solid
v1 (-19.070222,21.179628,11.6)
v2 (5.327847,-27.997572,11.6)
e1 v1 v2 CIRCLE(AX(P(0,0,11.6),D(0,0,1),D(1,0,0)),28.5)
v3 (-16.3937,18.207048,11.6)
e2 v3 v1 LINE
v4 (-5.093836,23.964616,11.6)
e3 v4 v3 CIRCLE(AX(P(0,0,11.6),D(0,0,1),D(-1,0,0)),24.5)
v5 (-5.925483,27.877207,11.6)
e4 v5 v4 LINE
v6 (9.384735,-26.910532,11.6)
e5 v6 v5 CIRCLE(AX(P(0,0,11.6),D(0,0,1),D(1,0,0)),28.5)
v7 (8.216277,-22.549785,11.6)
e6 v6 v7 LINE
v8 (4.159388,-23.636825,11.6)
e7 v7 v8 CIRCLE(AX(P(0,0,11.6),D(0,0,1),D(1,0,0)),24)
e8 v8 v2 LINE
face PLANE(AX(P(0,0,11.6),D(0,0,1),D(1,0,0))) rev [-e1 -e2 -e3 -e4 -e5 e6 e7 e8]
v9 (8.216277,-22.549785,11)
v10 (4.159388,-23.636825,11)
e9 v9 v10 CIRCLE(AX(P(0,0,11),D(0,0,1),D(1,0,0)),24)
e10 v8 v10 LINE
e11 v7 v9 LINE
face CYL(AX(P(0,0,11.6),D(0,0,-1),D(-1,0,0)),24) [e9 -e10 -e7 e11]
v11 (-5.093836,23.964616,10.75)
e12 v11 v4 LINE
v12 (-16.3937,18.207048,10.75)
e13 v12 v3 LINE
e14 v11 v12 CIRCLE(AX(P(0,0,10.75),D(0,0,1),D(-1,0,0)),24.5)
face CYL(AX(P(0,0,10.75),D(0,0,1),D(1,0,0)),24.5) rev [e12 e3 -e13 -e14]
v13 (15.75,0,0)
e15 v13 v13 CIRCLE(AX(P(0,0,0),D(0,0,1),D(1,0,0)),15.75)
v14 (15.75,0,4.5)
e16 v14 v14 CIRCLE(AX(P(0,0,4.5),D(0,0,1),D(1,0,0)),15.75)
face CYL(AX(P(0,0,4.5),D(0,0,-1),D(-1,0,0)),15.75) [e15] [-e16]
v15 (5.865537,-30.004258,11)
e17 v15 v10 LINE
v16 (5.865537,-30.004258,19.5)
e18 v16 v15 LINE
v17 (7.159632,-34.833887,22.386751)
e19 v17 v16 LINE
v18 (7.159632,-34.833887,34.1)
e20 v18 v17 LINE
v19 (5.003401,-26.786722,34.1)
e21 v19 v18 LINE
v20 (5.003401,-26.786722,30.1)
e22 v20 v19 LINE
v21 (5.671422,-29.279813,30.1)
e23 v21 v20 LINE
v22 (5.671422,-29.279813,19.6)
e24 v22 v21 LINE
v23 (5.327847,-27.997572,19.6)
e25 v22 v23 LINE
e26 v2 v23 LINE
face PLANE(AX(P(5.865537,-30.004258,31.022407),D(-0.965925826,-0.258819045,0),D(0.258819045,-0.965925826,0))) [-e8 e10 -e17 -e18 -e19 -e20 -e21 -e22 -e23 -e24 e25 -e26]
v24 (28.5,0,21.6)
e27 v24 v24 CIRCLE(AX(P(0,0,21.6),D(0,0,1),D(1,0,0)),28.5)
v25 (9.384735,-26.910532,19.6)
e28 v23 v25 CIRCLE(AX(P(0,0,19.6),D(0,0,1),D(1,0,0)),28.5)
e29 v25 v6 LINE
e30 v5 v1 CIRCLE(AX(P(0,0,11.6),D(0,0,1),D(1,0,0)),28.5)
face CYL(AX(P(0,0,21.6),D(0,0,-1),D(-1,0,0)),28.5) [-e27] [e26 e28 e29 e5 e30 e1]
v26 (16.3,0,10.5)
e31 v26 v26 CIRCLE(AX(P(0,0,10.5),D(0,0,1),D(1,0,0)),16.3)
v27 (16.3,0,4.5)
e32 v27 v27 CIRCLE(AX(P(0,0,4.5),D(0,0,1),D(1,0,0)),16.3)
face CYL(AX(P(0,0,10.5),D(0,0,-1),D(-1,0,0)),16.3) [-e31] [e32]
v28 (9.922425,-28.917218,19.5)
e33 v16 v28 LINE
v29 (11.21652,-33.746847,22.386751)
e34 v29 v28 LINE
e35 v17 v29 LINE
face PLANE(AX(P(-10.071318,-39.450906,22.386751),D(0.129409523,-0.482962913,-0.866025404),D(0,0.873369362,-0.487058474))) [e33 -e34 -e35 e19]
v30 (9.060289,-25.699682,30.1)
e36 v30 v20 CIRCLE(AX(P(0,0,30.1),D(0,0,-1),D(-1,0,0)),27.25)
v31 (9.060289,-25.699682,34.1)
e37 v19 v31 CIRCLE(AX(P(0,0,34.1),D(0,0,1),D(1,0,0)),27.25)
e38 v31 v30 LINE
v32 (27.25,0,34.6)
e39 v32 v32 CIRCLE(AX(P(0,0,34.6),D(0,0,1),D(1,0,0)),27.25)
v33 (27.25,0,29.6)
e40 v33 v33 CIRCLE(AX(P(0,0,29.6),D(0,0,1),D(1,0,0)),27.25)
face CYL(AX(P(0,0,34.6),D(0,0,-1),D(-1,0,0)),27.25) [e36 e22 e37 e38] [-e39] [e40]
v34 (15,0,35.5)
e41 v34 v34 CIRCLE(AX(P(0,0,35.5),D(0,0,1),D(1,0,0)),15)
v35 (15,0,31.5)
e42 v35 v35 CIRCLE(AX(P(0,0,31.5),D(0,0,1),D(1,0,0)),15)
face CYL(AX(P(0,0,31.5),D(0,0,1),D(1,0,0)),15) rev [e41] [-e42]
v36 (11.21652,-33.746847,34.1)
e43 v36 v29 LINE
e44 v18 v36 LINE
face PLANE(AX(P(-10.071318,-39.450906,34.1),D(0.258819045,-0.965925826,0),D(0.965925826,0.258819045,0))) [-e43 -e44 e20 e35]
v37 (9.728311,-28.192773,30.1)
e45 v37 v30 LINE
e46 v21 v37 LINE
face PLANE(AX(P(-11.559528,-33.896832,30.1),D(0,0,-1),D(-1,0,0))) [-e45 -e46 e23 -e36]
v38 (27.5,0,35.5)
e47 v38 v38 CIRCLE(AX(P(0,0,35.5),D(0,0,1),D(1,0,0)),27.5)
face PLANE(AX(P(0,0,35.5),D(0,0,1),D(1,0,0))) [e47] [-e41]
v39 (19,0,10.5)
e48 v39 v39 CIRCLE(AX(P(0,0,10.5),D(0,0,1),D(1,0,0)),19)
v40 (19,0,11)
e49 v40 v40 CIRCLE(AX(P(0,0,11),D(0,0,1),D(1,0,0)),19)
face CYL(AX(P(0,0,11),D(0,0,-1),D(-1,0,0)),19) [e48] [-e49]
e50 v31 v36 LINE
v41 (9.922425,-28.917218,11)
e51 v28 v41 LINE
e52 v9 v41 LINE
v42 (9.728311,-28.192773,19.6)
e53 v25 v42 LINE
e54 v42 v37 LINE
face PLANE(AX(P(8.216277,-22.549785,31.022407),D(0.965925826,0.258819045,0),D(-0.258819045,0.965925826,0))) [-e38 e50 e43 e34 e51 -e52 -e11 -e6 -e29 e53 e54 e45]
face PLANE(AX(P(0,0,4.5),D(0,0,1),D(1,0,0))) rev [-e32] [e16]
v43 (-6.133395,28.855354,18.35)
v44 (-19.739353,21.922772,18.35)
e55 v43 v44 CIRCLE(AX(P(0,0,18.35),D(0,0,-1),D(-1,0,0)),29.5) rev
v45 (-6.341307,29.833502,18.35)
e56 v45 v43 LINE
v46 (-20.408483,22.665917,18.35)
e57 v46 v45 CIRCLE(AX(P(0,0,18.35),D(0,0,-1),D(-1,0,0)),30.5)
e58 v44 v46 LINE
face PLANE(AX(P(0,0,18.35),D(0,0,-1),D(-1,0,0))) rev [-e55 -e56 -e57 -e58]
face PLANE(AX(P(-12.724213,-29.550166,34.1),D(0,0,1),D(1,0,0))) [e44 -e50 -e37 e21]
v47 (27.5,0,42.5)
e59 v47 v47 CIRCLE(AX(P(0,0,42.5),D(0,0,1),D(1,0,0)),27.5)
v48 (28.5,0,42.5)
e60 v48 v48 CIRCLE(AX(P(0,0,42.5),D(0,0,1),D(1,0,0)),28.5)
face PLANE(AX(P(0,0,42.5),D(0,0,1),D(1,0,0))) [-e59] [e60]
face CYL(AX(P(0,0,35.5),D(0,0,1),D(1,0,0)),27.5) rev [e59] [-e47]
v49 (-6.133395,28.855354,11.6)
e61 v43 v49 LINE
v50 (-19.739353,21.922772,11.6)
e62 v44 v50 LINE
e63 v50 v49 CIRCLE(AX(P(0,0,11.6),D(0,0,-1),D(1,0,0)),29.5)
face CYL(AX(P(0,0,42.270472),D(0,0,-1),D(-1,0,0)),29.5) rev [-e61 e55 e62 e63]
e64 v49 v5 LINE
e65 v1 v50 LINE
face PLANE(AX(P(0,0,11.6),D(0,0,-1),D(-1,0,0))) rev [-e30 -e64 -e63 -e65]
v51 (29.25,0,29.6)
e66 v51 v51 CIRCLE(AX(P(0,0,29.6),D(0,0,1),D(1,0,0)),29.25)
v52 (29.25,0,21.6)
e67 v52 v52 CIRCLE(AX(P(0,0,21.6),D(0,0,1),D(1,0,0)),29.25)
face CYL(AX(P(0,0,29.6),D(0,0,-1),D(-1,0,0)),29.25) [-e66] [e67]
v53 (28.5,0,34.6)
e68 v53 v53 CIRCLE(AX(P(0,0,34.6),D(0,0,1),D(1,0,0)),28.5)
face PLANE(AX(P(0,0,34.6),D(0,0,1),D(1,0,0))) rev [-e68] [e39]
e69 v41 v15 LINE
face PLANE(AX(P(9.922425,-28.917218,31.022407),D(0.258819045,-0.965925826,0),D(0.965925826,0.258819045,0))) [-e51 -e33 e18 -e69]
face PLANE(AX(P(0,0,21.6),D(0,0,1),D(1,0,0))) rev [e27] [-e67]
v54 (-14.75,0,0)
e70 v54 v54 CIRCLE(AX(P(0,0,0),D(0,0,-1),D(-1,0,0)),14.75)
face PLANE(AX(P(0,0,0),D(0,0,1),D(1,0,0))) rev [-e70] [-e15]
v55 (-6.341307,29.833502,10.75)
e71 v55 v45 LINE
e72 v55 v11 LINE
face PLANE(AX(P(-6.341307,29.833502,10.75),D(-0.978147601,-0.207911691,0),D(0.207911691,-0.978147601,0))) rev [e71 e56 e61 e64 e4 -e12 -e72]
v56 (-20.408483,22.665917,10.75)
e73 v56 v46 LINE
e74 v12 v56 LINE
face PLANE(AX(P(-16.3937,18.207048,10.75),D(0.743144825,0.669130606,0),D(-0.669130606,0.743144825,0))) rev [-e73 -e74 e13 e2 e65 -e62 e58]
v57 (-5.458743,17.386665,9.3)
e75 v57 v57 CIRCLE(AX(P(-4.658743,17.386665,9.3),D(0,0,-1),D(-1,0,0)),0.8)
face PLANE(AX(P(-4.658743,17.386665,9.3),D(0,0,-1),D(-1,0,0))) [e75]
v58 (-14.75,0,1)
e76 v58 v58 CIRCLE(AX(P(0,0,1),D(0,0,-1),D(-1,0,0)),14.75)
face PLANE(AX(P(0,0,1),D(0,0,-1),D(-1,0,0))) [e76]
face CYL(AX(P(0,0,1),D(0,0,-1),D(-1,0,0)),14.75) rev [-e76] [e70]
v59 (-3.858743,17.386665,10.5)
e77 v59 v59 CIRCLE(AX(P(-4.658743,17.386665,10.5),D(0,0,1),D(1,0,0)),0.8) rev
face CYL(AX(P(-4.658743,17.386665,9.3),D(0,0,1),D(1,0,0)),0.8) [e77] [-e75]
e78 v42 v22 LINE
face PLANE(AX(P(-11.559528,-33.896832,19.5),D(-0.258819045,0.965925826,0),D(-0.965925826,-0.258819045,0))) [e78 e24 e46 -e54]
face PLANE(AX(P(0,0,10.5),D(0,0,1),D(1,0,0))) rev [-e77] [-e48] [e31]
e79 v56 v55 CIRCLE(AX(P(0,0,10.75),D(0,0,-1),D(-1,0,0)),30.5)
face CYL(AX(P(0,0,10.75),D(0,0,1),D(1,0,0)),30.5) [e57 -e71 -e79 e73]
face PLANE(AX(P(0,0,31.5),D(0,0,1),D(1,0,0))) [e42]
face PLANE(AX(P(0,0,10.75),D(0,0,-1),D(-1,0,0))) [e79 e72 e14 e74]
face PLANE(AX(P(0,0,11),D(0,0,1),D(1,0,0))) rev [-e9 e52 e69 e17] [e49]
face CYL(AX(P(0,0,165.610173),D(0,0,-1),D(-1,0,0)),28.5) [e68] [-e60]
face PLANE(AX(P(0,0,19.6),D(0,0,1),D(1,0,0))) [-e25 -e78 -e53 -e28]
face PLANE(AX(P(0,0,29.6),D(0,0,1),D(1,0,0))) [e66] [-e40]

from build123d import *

# Parameters (mm, degrees)
SKETCH_1_R          = 15.75
EXTRUDE_1_DEPTH     = 4.5
SKETCH_2_R          = 16.3
EXTRUDE_2_DEPTH     = 6
SKETCH_3_R          = 19
EXTRUDE_3_DEPTH     = 0.5
SKETCH_4_R          = 24
EXTRUDE_4_DEPTH     = 0.6
SKETCH_5_R          = 28.5
EXTRUDE_5_DEPTH     = 10
SKETCH_6_R          = 0.8
EXTRUDE_6_DEPTH     = 1.2
SKETCH_7_R          = 29.25
EXTRUDE_7_DEPTH     = 8
SKETCH_8_R          = 27.25
EXTRUDE_8_DEPTH     = 5
SKETCH_9_R          = 28.5
EXTRUDE_9_DEPTH     = 7.9
SKETCH_10_R         = 14.75
CUT_EXTRUDE_1_DEPTH = 1
SKETCH_11_R         = 27.5
CUT_EXTRUDE_2_DEPTH = 7
SKETCH_12_R         = 15
CUT_EXTRUDE_3_DEPTH = 4
EXTRUDE_10_DEPTH    = 0.85
EXTRUDE_START       = 6.75
EXTRUDE_11_DEPTH    = 6.75
EXTRUDE_12_DEPTH    = 8.6
EXTRUDE_16_DEPTH    = 4.2


with BuildPart() as part:
    # 草图1 → 凸台-拉伸1 (new body)
    with BuildSketch(Plane.XY):
        Circle(SKETCH_1_R)
    extrude(amount=EXTRUDE_1_DEPTH)

    # 草图2 → 凸台-拉伸2 (add)
    with BuildSketch(Plane.XY.offset(4.5)):
        Circle(SKETCH_2_R)
    extrude(amount=EXTRUDE_2_DEPTH)

    # 草图3 → 凸台-拉伸3 (add)
    with BuildSketch(Plane.XY.offset(10.5)):
        Circle(SKETCH_3_R)
    extrude(amount=EXTRUDE_3_DEPTH)

    # 草图4 → 凸台-拉伸4 (add)
    with BuildSketch(Plane.XY.offset(11)):
        Circle(SKETCH_4_R)
    extrude(amount=EXTRUDE_4_DEPTH)

    # 草图5 → 凸台-拉伸5 (add)
    with BuildSketch(Plane.XY.offset(11.6)):
        Circle(SKETCH_5_R)
    extrude(amount=EXTRUDE_5_DEPTH)

    # 草图6 → 凸台-拉伸6 (add)
    with BuildSketch(Plane(origin=(0, 0, 10.5), x_dir=(-1, 0, 0), z_dir=(0, 0, -1))):
        with Locations(Location((4.658742812, 17.386664873, 0), (0, 0, 180))):
            Circle(SKETCH_6_R)
    extrude(amount=EXTRUDE_6_DEPTH)

    # 草图7 → 凸台-拉伸7 (add)
    with BuildSketch(Plane.XY.offset(21.6)):
        Circle(SKETCH_7_R)
    extrude(amount=EXTRUDE_7_DEPTH)

    # 草图8 → 凸台-拉伸8 (add)
    with BuildSketch(Plane.XY.offset(29.6)):
        Circle(SKETCH_8_R)
    extrude(amount=EXTRUDE_8_DEPTH)

    # 草图9 → 凸台-拉伸9 (add)
    with BuildSketch(Plane.XY.offset(34.6)):
        Circle(SKETCH_9_R)
    extrude(amount=EXTRUDE_9_DEPTH)

    # 草图10 → 切除-拉伸1 (cut)
    with BuildSketch(Plane(origin=(0, 0, 0), x_dir=(-1, 0, 0), z_dir=(0, 0, -1))):
        Circle(SKETCH_10_R)
    extrude(amount=-CUT_EXTRUDE_1_DEPTH, mode=Mode.SUBTRACT)

    # 草图11 → 切除-拉伸2 (cut)
    with BuildSketch(Plane.XY.offset(42.5)):
        Circle(SKETCH_11_R)
    extrude(amount=-CUT_EXTRUDE_2_DEPTH, mode=Mode.SUBTRACT)

    # 草图12 → 切除-拉伸3 (cut)
    with BuildSketch(Plane.XY.offset(35.5)):
        Circle(SKETCH_12_R)
    extrude(amount=-CUT_EXTRUDE_3_DEPTH, mode=Mode.SUBTRACT)

    # 草图13 → 凸台-拉伸10 (add)
    with BuildSketch(Plane(origin=(0, 0, 11.6), x_dir=(-1, 0, 0), z_dir=(0, 0, -1))):
        with BuildLine():
            Line((6.34130657, 29.833501822), (5.093836425, 23.964616218))
            ThreePointArc((5.093836425, 23.964616218), (11.122767244, 21.829659843), (16.393699856, 18.207048224))
            Line((16.393699856, 18.207048224), (20.408483494, 22.665917177))
            ThreePointArc((20.408483494, 22.665917177), (13.846710242, 27.175698988), (6.34130657, 29.833501822))
        make_face()
    extrude(amount=EXTRUDE_10_DEPTH)

    # 草图14 → 凸台-拉伸11 (add)
    with BuildSketch(Plane.XY.offset(11.6).offset(EXTRUDE_START)):
        with BuildLine():
            Line((-20.408483494, 22.665917177), (-19.739352888, 21.922772352))
            ThreePointArc((-19.739352888, 21.922772352), (-13.392719742, 26.284692464), (-6.133394879, 28.855354222))
            Line((-6.133394879, 28.855354222), (-6.34130657, 29.833501822))
            ThreePointArc((-6.34130657, 29.833501822), (-13.846710242, 27.175698988), (-20.408483494, 22.665917177))
        make_face()
    extrude(amount=-EXTRUDE_11_DEPTH)

    # 草图15 → 凸台-拉伸12 (add)
    with BuildSketch(Plane(origin=(0, 0, 11), x_dir=(-1, 0, 0), z_dir=(0, 0, -1))):
        with BuildLine():
            Line((-8.216276628, -22.549784885), (-9.922425111, -28.917217707))
            Line((-9.922425111, -28.917217707), (-5.86553664, -30.004257697))
            Line((-5.86553664, -30.004257697), (-4.159388158, -23.636824875))
            ThreePointArc((-4.159388158, -23.636824875), (-6.211657082, -23.182219831), (-8.216276628, -22.549784885))
        make_face()
    extrude(amount=-EXTRUDE_12_DEPTH)

    # 草图16 → 凸台-拉伸16 (add)
    with BuildSketch(Plane(origin=(2.028444235, 0.543519995, 0), x_dir=(0, 0, -1), z_dir=(0.9659258262890674, 0.25881904510252446, 0))):
        Polygon((-34.1, -25.25), (-34.1, -35.5), (-22.386751346, -35.5), (-19.5, -30.5), (-19.5, -29.75), (-30.1, -29.75), (-30.1, -25.25), align=None)
    extrude(amount=-EXTRUDE_16_DEPTH)


solid = part.part
